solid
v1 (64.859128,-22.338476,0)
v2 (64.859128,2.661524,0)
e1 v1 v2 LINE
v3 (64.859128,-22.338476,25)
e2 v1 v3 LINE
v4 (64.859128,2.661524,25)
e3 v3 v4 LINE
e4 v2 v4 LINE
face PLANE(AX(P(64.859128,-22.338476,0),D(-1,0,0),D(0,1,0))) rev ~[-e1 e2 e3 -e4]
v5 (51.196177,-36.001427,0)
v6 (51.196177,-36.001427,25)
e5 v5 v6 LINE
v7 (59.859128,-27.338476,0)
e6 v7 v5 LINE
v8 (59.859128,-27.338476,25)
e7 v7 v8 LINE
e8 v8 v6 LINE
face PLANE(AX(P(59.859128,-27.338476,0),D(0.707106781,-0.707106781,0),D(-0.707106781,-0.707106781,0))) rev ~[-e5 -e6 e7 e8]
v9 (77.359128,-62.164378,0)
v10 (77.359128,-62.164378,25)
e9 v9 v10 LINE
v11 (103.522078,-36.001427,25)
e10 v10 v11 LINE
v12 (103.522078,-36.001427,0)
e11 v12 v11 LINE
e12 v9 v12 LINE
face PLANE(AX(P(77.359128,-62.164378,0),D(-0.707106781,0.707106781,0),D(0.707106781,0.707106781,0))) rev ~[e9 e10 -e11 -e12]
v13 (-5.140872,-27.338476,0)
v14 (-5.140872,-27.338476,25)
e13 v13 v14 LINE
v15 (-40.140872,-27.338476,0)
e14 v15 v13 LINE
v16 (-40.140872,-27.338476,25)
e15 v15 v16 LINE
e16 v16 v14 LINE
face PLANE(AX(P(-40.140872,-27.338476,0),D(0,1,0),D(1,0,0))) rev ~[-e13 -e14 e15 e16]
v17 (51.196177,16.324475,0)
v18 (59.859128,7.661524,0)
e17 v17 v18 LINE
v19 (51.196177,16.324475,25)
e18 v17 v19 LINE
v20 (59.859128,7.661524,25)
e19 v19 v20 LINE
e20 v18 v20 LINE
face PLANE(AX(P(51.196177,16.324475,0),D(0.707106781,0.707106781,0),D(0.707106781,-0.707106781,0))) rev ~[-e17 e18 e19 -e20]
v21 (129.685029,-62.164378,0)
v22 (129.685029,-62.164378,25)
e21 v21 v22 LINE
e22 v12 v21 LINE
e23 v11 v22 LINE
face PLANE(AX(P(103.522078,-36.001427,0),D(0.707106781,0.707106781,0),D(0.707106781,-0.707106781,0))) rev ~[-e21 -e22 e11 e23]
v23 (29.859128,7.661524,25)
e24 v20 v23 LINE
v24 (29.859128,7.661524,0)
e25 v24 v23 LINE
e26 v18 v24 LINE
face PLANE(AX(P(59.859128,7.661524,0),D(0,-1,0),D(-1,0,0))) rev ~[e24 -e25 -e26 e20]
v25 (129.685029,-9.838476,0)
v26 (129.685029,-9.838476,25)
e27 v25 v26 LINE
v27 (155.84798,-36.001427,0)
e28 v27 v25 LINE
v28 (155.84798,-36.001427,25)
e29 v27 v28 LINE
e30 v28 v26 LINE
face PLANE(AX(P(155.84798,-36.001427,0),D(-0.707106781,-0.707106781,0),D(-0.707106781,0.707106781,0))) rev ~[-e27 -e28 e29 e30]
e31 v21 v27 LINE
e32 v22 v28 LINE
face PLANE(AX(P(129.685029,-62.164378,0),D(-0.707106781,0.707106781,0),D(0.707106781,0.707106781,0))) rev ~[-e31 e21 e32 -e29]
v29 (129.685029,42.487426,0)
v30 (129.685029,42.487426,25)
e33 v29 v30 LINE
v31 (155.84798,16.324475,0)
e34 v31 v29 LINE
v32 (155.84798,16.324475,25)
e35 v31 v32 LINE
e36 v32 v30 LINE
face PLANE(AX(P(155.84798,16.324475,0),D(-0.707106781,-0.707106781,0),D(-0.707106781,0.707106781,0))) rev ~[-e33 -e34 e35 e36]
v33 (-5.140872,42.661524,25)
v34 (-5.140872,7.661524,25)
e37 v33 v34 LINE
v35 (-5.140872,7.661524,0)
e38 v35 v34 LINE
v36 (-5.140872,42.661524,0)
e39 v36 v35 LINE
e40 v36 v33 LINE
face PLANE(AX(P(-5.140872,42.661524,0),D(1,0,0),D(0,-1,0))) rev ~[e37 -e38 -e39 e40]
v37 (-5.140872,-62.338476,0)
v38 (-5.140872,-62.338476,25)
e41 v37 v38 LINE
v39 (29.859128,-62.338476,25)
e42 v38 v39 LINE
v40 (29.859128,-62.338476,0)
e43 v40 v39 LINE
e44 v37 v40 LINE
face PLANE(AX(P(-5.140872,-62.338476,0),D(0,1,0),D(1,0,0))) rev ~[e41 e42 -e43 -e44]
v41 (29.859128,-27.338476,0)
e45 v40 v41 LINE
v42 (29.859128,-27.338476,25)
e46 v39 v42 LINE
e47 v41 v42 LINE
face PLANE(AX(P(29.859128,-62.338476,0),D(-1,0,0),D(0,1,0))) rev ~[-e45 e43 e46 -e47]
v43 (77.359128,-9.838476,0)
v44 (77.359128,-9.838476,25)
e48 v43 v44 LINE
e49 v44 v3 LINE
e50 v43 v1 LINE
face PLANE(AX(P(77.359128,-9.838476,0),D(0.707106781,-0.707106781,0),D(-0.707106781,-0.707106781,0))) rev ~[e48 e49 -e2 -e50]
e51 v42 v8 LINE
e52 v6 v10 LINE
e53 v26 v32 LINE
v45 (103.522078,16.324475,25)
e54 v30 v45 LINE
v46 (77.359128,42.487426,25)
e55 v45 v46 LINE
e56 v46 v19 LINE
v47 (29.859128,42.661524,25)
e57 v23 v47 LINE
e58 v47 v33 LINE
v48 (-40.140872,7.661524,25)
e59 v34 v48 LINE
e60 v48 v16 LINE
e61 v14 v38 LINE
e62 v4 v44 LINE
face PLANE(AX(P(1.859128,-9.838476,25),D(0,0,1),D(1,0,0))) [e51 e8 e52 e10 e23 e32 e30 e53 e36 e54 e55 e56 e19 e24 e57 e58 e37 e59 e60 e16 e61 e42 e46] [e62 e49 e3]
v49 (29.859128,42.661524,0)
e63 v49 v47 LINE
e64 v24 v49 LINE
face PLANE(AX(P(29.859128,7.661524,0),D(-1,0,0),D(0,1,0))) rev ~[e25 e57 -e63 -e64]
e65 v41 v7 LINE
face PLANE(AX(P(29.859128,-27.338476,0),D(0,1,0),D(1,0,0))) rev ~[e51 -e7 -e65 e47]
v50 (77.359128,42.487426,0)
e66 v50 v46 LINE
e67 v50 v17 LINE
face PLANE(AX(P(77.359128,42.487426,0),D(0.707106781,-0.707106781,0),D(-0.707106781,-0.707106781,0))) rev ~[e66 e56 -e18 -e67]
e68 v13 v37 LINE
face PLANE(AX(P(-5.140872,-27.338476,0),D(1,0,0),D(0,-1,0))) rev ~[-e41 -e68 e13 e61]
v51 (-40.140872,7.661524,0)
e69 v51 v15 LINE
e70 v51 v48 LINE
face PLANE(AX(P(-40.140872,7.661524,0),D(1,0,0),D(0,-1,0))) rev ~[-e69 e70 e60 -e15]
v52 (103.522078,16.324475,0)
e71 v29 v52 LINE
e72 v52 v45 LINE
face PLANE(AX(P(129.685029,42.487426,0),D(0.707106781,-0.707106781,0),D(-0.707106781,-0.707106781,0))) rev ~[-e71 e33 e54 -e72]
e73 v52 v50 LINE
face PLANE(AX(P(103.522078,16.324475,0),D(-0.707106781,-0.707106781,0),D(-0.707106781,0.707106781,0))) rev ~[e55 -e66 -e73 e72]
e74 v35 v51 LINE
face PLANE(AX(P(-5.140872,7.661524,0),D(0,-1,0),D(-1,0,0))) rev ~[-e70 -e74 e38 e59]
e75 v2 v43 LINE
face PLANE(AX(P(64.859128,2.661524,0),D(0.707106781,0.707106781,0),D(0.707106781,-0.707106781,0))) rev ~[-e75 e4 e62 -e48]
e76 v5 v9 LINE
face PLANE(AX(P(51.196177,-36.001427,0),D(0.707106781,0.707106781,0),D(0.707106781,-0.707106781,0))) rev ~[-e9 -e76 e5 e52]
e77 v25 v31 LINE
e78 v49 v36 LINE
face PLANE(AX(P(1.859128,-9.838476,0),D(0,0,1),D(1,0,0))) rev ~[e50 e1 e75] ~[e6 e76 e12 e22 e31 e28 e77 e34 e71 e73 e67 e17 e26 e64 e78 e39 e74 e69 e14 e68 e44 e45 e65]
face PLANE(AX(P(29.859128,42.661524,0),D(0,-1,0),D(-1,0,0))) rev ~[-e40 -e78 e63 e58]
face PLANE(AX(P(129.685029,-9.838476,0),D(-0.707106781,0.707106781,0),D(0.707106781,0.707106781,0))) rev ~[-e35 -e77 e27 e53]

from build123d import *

# Parameters (mm, degrees)
F1_DEPTH = 25


with BuildPart() as f1:
    # F0 (on Top) → F1 (new body)
    with BuildSketch(Plane.XY):
        Polygon((29.8591275221, 42.6615241542), (-5.1408724779, 42.6615241542), (-5.1408724779, 7.6615241542), (-40.1408724779, 7.6615241542), (-40.1408724779, -27.3384758458), (-5.1408724779, -27.3384758458), (-5.1408724779, -62.3384758458), (29.8591275221, -62.3384758458), (29.8591275221, -27.3384758458), (29.8591275221, -9.8384758458), (29.8591275221, 7.6615241542), align=None)
        Polygon((59.8591275221, 7.6615241542), (29.8591275221, 7.6615241542), (29.8591275221, -9.8384758458), (64.8591275221, -9.8384758458), (64.8591275221, 2.6615241542), align=None)
        Polygon((64.8591275221, 7.6615241542), (59.8591275221, 7.6615241542), (64.8591275221, 2.6615241542), align=None)
        Polygon((64.8591275221, -22.3384758458), (59.8591275221, -27.3384758458), (64.8591275221, -27.3384758458), align=None)
        Polygon((64.8591275221, -9.8384758458), (29.8591275221, -9.8384758458), (29.8591275221, -27.3384758458), (59.8591275221, -27.3384758458), (64.8591275221, -22.3384758458), align=None)
        Polygon((51.1961766182, 16.3244750581), (59.8591275221, 7.6615241542), (64.8591275221, 7.6615241542), (64.8591275221, 2.6615241542), (77.3591275221, -9.8384758458), (103.522078426, -9.8384758458), (103.522078426, 16.3244750581), (77.3591275221, 42.4874259621), align=None)
        Polygon((103.522078426, -9.8384758458), (77.3591275221, -9.8384758458), (64.8591275221, -22.3384758458), (64.8591275221, -27.3384758458), (59.8591275221, -27.3384758458), (51.1961766182, -36.0014267497), (77.3591275221, -62.1643776536), (103.522078426, -36.0014267497), align=None)
        Polygon((103.522078426, 16.3244750581), (103.522078426, -9.8384758458), (129.6850293299, -9.8384758458), (155.8479802338, 16.3244750581), (129.6850293299, 42.4874259621), align=None)
        Polygon((129.6850293299, -9.8384758458), (103.522078426, -9.8384758458), (103.522078426, -36.0014267497), (129.6850293299, -62.1643776536), (155.8479802338, -36.0014267497), align=None)
    extrude(amount=F1_DEPTH)


solid = f1.part
